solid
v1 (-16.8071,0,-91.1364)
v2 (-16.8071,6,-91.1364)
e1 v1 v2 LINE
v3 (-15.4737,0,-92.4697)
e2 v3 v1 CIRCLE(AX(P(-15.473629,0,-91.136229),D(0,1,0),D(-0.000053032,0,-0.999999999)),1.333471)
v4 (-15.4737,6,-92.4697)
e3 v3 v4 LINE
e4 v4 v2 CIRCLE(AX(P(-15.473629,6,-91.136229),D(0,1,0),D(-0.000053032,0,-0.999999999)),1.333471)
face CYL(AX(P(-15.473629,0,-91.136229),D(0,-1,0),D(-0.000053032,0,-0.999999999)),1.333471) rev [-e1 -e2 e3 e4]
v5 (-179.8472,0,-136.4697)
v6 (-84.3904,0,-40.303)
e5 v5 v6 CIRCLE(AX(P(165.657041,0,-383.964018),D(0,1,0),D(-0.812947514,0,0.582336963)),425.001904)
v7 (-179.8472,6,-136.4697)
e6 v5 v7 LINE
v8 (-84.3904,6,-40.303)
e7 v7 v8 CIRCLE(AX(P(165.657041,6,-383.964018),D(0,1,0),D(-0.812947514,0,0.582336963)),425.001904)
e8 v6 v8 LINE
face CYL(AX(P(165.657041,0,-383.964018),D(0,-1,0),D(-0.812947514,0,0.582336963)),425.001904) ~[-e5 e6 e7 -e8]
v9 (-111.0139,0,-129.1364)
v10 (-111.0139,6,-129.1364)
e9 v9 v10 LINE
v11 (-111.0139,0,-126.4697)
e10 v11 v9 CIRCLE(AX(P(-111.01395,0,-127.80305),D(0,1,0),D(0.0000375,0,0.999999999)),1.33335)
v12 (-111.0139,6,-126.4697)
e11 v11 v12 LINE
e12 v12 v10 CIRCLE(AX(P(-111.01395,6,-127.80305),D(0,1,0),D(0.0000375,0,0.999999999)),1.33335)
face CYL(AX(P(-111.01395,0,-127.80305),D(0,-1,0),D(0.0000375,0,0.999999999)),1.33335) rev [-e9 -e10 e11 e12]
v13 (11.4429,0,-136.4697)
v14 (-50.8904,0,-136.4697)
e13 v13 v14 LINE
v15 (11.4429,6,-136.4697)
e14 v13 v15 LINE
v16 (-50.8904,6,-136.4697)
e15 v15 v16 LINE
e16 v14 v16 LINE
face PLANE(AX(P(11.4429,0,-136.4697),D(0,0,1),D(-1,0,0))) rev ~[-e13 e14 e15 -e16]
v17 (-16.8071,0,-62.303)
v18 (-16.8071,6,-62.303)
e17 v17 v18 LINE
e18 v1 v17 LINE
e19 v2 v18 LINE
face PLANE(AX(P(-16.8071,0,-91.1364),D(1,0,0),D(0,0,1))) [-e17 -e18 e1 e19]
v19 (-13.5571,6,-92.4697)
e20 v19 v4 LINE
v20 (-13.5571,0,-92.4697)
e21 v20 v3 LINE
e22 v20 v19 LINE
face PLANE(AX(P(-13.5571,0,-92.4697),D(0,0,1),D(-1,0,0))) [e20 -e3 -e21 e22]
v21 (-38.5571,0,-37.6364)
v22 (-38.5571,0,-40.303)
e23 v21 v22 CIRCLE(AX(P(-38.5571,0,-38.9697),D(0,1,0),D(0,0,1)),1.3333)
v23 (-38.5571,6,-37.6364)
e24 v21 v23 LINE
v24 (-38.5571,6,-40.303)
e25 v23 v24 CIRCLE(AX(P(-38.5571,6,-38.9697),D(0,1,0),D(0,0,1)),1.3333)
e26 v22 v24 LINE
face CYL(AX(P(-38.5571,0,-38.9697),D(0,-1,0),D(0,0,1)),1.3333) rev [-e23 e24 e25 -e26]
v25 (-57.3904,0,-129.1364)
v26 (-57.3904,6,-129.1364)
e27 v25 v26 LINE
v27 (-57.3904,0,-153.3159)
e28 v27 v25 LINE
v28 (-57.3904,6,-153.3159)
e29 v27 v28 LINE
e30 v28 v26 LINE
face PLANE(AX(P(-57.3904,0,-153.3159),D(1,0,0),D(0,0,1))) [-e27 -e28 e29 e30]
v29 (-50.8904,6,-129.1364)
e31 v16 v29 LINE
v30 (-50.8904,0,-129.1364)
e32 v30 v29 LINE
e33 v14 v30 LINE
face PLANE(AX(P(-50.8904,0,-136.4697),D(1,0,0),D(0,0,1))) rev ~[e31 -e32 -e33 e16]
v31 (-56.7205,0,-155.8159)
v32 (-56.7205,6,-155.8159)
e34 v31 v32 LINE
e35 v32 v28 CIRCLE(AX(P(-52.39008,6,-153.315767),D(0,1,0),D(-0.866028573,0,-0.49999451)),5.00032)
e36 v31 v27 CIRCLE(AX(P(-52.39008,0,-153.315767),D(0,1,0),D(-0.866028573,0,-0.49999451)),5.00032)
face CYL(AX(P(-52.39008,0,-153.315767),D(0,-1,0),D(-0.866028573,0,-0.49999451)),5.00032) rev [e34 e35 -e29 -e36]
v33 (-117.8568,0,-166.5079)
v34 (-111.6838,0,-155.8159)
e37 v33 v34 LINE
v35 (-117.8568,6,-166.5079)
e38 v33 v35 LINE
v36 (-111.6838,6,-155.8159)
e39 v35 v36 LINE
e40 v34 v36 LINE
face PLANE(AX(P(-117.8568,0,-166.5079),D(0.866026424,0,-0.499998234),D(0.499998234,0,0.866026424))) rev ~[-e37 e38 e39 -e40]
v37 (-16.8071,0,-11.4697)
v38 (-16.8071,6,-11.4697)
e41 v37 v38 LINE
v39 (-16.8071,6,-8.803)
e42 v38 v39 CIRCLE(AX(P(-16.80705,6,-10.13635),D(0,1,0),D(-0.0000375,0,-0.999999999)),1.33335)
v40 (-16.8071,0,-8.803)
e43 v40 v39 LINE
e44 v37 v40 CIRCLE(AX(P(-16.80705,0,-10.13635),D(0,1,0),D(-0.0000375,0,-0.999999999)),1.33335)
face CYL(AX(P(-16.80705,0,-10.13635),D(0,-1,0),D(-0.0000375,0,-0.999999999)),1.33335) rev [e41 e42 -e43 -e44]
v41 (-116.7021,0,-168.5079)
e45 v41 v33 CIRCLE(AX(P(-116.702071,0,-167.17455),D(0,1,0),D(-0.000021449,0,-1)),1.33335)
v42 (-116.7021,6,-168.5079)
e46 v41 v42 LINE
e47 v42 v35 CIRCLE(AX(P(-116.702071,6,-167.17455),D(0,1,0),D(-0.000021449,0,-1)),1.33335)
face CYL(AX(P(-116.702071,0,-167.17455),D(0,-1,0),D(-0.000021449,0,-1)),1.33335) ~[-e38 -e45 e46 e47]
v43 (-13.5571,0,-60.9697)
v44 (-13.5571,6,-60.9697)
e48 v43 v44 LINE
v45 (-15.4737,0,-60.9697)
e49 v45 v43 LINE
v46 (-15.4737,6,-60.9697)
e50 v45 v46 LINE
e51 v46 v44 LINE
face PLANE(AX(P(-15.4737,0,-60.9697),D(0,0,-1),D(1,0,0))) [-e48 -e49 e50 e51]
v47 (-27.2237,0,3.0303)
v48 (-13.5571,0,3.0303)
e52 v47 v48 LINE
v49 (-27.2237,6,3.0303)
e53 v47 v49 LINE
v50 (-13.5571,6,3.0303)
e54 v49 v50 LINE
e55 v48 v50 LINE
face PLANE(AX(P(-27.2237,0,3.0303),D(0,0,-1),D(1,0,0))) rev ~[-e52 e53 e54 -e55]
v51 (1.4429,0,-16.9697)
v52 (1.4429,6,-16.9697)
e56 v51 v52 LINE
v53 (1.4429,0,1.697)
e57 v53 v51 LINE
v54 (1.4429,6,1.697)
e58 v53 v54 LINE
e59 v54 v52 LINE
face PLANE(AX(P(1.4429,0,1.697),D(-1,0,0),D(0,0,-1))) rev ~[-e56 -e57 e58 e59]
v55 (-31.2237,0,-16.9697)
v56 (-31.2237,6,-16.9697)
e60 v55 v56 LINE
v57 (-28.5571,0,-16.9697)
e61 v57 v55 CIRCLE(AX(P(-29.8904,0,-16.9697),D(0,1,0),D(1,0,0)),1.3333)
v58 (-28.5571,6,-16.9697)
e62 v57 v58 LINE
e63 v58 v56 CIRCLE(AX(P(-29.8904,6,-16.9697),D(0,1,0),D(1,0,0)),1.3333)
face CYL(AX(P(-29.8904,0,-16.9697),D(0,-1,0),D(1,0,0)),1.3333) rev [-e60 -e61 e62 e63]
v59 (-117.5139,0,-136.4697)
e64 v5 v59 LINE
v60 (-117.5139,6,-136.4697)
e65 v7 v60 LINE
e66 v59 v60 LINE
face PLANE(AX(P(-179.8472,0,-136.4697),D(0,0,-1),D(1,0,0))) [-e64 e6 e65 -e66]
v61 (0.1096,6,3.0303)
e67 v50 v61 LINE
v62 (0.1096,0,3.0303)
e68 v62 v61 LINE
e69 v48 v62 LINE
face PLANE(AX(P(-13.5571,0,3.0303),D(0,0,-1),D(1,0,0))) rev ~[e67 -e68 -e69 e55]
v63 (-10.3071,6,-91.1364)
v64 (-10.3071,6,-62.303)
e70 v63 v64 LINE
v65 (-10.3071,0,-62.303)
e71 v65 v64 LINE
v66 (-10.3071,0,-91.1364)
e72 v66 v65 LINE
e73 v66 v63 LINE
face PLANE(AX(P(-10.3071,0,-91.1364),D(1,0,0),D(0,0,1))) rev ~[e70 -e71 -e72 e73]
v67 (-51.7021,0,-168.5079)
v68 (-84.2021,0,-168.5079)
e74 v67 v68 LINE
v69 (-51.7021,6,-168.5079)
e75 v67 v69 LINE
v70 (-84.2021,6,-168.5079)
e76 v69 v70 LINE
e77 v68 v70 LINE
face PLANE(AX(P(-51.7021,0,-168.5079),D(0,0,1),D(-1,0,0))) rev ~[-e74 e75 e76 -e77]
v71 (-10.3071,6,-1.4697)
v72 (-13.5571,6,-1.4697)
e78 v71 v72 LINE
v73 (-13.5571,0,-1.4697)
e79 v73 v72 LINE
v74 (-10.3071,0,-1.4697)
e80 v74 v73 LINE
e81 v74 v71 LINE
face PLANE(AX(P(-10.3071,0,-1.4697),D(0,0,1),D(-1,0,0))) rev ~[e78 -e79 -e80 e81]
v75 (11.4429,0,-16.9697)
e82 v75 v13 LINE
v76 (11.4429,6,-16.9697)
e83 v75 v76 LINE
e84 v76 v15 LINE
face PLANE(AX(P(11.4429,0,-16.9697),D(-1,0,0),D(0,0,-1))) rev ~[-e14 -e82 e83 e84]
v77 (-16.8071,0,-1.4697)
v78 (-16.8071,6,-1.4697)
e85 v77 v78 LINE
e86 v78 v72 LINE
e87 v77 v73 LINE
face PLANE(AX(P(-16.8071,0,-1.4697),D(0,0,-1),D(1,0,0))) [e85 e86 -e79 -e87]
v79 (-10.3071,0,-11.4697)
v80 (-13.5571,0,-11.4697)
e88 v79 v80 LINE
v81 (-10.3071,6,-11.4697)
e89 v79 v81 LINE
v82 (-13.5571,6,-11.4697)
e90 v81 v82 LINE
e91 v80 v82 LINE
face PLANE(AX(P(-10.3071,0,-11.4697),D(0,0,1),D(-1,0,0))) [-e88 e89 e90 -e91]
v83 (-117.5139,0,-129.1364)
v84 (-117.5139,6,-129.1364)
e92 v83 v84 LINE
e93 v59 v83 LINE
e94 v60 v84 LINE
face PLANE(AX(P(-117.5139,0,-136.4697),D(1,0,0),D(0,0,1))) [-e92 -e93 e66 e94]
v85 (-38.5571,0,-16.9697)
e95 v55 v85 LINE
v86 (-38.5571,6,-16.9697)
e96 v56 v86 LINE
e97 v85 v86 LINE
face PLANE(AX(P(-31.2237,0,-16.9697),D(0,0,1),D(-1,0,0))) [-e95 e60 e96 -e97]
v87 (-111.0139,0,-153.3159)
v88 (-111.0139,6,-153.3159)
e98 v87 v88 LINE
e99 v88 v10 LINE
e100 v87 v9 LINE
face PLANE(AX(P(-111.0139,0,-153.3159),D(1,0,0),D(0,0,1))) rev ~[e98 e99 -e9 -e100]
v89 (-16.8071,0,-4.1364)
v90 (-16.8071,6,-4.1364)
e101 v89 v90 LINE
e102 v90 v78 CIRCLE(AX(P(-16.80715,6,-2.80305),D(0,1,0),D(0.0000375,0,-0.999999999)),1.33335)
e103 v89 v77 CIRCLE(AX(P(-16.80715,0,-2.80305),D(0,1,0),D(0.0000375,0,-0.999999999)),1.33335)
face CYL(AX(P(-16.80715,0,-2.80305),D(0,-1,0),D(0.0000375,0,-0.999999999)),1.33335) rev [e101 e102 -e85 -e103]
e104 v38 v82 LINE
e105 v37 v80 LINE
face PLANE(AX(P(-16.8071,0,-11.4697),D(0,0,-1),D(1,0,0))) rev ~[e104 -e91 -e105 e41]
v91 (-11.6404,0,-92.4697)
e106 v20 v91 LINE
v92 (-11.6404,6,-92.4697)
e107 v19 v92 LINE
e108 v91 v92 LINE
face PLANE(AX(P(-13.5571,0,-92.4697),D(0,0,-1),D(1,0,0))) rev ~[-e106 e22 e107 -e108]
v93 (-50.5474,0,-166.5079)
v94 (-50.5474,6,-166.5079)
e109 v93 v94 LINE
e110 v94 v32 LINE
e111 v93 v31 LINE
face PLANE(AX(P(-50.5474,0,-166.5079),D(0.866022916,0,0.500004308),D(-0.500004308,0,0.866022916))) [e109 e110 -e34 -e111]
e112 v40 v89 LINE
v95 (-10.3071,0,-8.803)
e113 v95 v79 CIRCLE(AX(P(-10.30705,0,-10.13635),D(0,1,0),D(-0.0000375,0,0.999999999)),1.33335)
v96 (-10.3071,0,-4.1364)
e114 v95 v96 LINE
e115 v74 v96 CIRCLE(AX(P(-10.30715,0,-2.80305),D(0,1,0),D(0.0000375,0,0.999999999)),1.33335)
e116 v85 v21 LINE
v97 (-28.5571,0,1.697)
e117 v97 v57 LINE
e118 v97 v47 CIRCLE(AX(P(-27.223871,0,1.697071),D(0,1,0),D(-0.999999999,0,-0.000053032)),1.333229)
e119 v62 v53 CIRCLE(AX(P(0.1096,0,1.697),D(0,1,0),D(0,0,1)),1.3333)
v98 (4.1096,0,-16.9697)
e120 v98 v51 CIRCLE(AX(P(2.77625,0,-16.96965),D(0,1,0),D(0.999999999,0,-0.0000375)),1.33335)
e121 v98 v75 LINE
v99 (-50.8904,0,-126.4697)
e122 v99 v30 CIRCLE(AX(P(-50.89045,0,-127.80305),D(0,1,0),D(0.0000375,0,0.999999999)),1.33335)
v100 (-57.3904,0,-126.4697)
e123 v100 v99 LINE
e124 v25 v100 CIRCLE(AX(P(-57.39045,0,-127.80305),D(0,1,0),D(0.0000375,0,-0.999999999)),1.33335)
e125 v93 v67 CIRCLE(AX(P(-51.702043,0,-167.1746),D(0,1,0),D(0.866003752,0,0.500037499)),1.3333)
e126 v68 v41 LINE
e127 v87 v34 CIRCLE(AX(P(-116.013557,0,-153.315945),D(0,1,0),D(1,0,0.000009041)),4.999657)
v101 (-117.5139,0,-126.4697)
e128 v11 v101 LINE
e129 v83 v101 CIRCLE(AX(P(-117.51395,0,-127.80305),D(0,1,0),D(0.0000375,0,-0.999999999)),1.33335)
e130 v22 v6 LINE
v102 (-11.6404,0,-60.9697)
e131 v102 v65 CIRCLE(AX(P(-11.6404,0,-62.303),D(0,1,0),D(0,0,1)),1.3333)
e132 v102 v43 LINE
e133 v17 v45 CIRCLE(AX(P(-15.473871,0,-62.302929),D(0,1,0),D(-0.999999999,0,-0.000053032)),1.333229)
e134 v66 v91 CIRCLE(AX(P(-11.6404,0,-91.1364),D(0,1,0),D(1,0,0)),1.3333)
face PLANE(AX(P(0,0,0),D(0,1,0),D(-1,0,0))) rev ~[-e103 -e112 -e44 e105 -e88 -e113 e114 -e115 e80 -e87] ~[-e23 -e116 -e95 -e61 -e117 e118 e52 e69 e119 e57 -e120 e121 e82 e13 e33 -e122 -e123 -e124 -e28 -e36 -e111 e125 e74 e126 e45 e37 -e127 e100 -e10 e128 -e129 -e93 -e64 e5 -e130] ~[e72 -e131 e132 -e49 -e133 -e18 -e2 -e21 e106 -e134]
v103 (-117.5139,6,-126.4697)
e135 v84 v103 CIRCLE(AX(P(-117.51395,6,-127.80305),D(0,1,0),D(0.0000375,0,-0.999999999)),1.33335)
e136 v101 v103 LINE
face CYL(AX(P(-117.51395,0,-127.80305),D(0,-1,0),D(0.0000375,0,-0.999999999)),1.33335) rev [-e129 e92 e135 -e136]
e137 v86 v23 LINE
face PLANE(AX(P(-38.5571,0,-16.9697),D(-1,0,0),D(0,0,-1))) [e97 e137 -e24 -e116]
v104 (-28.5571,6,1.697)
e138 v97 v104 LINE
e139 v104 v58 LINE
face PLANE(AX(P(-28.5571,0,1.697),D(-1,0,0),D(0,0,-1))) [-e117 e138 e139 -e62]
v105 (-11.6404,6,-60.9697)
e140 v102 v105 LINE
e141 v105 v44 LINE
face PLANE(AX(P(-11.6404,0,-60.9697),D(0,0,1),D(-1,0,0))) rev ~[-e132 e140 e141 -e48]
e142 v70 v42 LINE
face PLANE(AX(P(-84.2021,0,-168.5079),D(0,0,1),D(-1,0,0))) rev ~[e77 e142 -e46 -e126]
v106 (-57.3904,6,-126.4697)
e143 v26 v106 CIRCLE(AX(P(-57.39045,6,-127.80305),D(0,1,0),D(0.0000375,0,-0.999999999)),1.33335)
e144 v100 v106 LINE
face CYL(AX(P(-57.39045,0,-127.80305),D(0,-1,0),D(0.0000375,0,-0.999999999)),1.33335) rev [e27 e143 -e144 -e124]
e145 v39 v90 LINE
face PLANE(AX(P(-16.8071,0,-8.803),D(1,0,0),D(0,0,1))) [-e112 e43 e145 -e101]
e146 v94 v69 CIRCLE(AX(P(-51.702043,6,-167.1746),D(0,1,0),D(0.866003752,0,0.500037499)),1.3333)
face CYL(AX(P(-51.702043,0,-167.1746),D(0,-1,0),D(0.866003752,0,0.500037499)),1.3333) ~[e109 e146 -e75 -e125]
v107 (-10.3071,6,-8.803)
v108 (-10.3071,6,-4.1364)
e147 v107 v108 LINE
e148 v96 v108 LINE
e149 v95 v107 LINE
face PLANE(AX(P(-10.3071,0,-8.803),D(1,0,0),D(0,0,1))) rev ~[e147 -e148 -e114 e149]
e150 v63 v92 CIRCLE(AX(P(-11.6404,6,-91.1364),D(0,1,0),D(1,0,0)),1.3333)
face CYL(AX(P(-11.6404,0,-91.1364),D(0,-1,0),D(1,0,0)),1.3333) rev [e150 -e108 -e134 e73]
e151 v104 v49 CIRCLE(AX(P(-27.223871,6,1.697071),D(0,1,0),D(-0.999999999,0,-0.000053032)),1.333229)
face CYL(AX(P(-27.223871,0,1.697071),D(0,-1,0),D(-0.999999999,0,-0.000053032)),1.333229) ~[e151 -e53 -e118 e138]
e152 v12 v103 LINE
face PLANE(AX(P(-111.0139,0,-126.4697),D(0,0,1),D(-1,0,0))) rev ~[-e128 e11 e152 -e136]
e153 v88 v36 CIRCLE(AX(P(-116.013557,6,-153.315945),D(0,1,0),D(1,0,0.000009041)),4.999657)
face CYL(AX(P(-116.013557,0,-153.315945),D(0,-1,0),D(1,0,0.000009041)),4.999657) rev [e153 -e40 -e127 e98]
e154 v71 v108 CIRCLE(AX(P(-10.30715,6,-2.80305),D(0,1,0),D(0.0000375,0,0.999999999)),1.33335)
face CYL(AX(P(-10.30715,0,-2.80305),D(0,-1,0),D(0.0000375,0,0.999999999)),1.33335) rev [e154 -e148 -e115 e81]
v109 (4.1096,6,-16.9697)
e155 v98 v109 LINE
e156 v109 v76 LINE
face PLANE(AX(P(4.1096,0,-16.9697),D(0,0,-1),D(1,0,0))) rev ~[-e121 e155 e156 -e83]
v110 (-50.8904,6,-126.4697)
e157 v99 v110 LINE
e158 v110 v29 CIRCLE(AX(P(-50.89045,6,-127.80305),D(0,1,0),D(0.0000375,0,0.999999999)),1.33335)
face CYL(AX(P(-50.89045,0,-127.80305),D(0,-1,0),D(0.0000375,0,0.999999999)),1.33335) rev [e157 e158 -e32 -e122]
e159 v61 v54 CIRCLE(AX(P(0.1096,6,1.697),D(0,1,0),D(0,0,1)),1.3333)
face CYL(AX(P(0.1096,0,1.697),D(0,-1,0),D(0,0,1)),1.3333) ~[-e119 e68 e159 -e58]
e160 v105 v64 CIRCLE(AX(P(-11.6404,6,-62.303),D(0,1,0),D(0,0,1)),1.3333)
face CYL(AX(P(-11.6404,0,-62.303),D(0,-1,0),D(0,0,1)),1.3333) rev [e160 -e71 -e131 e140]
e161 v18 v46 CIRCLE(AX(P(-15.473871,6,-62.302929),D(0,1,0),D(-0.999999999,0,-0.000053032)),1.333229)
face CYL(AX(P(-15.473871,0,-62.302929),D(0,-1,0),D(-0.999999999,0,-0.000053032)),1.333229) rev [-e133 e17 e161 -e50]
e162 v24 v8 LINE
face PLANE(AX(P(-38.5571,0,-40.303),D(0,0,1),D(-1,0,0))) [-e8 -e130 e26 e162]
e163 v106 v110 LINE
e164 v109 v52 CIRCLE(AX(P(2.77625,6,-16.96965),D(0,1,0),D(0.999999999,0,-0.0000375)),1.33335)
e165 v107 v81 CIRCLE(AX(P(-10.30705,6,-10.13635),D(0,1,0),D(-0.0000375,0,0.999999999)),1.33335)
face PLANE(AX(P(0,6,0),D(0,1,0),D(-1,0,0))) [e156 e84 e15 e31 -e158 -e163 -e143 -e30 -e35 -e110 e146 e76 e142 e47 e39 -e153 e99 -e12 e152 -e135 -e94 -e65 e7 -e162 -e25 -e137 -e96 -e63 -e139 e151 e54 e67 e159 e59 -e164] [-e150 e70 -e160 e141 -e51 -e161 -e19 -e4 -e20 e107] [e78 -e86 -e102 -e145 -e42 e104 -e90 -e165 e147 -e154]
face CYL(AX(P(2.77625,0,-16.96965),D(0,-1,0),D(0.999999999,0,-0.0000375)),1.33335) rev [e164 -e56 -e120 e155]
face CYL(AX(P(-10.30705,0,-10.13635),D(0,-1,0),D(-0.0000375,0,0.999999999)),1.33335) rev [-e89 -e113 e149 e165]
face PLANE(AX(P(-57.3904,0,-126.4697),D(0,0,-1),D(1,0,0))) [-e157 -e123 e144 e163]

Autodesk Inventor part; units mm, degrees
ref_plane "YZ Plane" through (0, 0, 0) normal (1, 0, 0) x (0, 1, 0)
ref_plane "XZ Plane" through (0, 0, 0) normal (0, 1, 0) x (-1, 0, 0)
ref_plane "XY Plane" through (0, 0, 0) normal (0, 0, 1) x (1, 0, 0)
sketch "Sketch1" plane through (0, 0, 0) normal (0, 1, 0) x (-1, 0, 0)
  line L0 (27.2237, 3.0303) -> (-0.1096, 3.0303)
  line L1 (-1.4429, 1.697) -> (-1.4429, -16.9697)
  arc A0 (-4.1096, -16.9697) -> (-1.4429, -16.9697) centre (-2.7763, -16.9697) ccw
  line L2 (28.5571, 1.697) -> (28.5571, -16.9697)
  arc A1 (28.5571, -16.9697) -> (31.2237, -16.9697) centre (29.8904, -16.9697) ccw
  line L3 (31.2237, -16.9697) -> (38.5571, -16.9697)
  line L4 (-4.1096, -16.9697) -> (-11.4429, -16.9697)
  arc A2 (28.5571, 1.697) -> (27.2237, 3.0303) centre (27.2237, 1.697) ccw
  arc A3 (-0.1096, 3.0303) -> (-1.4429, 1.697) centre (-0.1096, 1.697) ccw
  line L5 (-11.4429, -16.9697) -> (-11.4429, -136.4697)
  line L6 (38.5571, -16.9697) -> (38.5571, -37.6364)
  arc A4 (38.5571, -37.6364) -> (38.5571, -40.303) centre (38.5571, -38.9697) ccw
  line L7 (38.5571, -40.303) -> (84.3904, -40.303)
  line L8 (-11.4429, -136.4697) -> (50.8904, -136.4697)
  line L9 (50.8904, -136.4697) -> (50.8904, -129.1364)
  arc A5 (50.8904, -126.4697) -> (50.8904, -129.1364) centre (50.8904, -127.803) ccw
  arc A6 (57.3904, -129.1364) -> (57.3904, -126.4697) centre (57.3904, -127.803) ccw
  line L10 (57.3904, -126.4697) -> (50.8904, -126.4697)
  arc A7 (50.5474, -166.5079) -> (51.7021, -168.5079) centre (51.7021, -167.1746) ccw
  line L11 (51.7021, -168.5079) -> (116.7021, -168.5079)
  line L12 (84.2021, -168.5079) -> (84.2021, -124.5465)
  line L13 (179.8472, -136.4697) -> (117.5139, -136.4697)
  line L14 (117.5139, -136.4697) -> (117.5139, -129.1364)
  line L15 (111.0139, -153.3159) -> (111.0139, -129.1364)
  arc A8 (117.5139, -129.1364) -> (117.5139, -126.4697) centre (117.5139, -127.803) ccw
  arc A9 (111.0139, -126.4697) -> (111.0139, -129.1364) centre (111.0139, -127.803) ccw
  line L16 (111.0139, -126.4697) -> (117.5139, -126.4697)
  arc A10 (116.7021, -168.5079) -> (117.8568, -166.5079) centre (116.7021, -167.1746) ccw
  arc A11 (179.8472, -136.4697) -> (84.3904, -40.303) centre (-165.6556, -383.9628) ccw
  line L17 (13.5571, -92.4697) -> (11.6404, -92.4697)
  arc A12 (11.6404, -60.9697) -> (10.3071, -62.303) centre (11.6404, -62.303) ccw
  arc A13 (10.3071, -91.1364) -> (11.6404, -92.4697) centre (11.6404, -91.1364) ccw
  arc A14 (16.8071, -11.4697) -> (16.8071, -8.803) centre (16.8071, -10.1364) ccw
  arc A15 (16.8071, -4.1364) -> (16.8071, -1.4697) centre (16.8071, -2.803) ccw
  line L18 (16.8071, -8.803) -> (16.8071, -4.1364)
  line L19 (16.8071, -11.4697) -> (13.5571, -11.4697)
  line L20 (16.8071, -1.4697) -> (13.5571, -1.4697)
  arc A16 (10.3071, -8.803) -> (10.3071, -11.4697) centre (10.3071, -10.1364) ccw
  arc A17 (10.3071, -1.4697) -> (10.3071, -4.1364) centre (10.3071, -2.803) ccw
  line L21 (10.3071, -8.803) -> (10.3071, -4.1364)
  line L22 (10.3071, -11.4697) -> (13.5571, -11.4697)
  line L23 (10.3071, -1.4697) -> (13.5571, -1.4697)
  line L24 (10.3071, -91.1364) -> (10.3071, -62.303)
  line L25 (11.6404, -60.9697) -> (13.5571, -60.9697)
  line L26 (13.5571, -92.4697) -> (15.4737, -92.4697)
  arc A18 (16.8071, -62.303) -> (15.4737, -60.9697) centre (15.4737, -62.303) ccw
  arc A19 (15.4737, -92.4697) -> (16.8071, -91.1364) centre (15.4737, -91.1364) ccw
  line L27 (16.8071, -91.1364) -> (16.8071, -62.303)
  line L28 (15.4737, -60.9697) -> (13.5571, -60.9697)
  line L29 (117.8568, -166.5079) -> (111.6838, -155.8159)
  arc A20 (111.0139, -153.3159) -> (111.6838, -155.8159) centre (116.0139, -153.3159) ccw
  line L30 (57.3904, -153.3159) -> (57.3904, -129.1364)
  line L31 (50.5474, -166.5079) -> (56.7205, -155.8159)
  arc A21 (56.7205, -155.8159) -> (57.3904, -153.3159) centre (52.3904, -153.3159) ccw
  line L32 (13.5571, 3.0303) -> (13.5571, 6.6186)
  point P0 (0, 0)
  point P1 (28.5571, 3.0303)
  point P2 (-1.4429, 3.0303)
  point P3 (111.0139, -159.1364)
  point P4 (12.6821, -76.7197)
  dimension "d1" = 2.6667
  dimension "d2" = 30
  dimension "d3" = 20
  dimension "d4" = 2.6667
  dimension "d5" = 1.3333
  dimension "d6" = 7.3333
  dimension "d7" = 7.3333
  dimension "d8" = 20.6667
  dimension "d9" = 2.6667
  dimension "d10" = 45.8333
  dimension "d11" = 119.5
  dimension "d12" = 62.3333
  dimension "d17" = 2.6667
  dimension "d18" = 2.6667
  dimension "d19" = 7.3333
  dimension "d25" = 2.6667
  dimension "d26" = 65
  dimension "d27" = 425
  dimension "d39" = 44
  dimension "d53" = 2.6667
  dimension "d56" = 2.6667
  dimension "d57" = 4.5
  dimension "d58" = 5.5
  dimension "d59" = 6.5
  dimension "d63" = 1.3333
  dimension "d66" = 44
  dimension "d70" = 191.2902
  dimension "d71" = 62.3333
  dimension "d72" = 67.6667
  dimension "d73" = 9.3716
  dimension "d75" = 32.0382
  dimension "d76" = 60
  dimension "d79" = 5
  dimension "d80" = 70.6451
extrude "Extrusion2" add sketch "Sketch1" along normal blind 6
properties part number "Support A" material "Wood (Maple)"
